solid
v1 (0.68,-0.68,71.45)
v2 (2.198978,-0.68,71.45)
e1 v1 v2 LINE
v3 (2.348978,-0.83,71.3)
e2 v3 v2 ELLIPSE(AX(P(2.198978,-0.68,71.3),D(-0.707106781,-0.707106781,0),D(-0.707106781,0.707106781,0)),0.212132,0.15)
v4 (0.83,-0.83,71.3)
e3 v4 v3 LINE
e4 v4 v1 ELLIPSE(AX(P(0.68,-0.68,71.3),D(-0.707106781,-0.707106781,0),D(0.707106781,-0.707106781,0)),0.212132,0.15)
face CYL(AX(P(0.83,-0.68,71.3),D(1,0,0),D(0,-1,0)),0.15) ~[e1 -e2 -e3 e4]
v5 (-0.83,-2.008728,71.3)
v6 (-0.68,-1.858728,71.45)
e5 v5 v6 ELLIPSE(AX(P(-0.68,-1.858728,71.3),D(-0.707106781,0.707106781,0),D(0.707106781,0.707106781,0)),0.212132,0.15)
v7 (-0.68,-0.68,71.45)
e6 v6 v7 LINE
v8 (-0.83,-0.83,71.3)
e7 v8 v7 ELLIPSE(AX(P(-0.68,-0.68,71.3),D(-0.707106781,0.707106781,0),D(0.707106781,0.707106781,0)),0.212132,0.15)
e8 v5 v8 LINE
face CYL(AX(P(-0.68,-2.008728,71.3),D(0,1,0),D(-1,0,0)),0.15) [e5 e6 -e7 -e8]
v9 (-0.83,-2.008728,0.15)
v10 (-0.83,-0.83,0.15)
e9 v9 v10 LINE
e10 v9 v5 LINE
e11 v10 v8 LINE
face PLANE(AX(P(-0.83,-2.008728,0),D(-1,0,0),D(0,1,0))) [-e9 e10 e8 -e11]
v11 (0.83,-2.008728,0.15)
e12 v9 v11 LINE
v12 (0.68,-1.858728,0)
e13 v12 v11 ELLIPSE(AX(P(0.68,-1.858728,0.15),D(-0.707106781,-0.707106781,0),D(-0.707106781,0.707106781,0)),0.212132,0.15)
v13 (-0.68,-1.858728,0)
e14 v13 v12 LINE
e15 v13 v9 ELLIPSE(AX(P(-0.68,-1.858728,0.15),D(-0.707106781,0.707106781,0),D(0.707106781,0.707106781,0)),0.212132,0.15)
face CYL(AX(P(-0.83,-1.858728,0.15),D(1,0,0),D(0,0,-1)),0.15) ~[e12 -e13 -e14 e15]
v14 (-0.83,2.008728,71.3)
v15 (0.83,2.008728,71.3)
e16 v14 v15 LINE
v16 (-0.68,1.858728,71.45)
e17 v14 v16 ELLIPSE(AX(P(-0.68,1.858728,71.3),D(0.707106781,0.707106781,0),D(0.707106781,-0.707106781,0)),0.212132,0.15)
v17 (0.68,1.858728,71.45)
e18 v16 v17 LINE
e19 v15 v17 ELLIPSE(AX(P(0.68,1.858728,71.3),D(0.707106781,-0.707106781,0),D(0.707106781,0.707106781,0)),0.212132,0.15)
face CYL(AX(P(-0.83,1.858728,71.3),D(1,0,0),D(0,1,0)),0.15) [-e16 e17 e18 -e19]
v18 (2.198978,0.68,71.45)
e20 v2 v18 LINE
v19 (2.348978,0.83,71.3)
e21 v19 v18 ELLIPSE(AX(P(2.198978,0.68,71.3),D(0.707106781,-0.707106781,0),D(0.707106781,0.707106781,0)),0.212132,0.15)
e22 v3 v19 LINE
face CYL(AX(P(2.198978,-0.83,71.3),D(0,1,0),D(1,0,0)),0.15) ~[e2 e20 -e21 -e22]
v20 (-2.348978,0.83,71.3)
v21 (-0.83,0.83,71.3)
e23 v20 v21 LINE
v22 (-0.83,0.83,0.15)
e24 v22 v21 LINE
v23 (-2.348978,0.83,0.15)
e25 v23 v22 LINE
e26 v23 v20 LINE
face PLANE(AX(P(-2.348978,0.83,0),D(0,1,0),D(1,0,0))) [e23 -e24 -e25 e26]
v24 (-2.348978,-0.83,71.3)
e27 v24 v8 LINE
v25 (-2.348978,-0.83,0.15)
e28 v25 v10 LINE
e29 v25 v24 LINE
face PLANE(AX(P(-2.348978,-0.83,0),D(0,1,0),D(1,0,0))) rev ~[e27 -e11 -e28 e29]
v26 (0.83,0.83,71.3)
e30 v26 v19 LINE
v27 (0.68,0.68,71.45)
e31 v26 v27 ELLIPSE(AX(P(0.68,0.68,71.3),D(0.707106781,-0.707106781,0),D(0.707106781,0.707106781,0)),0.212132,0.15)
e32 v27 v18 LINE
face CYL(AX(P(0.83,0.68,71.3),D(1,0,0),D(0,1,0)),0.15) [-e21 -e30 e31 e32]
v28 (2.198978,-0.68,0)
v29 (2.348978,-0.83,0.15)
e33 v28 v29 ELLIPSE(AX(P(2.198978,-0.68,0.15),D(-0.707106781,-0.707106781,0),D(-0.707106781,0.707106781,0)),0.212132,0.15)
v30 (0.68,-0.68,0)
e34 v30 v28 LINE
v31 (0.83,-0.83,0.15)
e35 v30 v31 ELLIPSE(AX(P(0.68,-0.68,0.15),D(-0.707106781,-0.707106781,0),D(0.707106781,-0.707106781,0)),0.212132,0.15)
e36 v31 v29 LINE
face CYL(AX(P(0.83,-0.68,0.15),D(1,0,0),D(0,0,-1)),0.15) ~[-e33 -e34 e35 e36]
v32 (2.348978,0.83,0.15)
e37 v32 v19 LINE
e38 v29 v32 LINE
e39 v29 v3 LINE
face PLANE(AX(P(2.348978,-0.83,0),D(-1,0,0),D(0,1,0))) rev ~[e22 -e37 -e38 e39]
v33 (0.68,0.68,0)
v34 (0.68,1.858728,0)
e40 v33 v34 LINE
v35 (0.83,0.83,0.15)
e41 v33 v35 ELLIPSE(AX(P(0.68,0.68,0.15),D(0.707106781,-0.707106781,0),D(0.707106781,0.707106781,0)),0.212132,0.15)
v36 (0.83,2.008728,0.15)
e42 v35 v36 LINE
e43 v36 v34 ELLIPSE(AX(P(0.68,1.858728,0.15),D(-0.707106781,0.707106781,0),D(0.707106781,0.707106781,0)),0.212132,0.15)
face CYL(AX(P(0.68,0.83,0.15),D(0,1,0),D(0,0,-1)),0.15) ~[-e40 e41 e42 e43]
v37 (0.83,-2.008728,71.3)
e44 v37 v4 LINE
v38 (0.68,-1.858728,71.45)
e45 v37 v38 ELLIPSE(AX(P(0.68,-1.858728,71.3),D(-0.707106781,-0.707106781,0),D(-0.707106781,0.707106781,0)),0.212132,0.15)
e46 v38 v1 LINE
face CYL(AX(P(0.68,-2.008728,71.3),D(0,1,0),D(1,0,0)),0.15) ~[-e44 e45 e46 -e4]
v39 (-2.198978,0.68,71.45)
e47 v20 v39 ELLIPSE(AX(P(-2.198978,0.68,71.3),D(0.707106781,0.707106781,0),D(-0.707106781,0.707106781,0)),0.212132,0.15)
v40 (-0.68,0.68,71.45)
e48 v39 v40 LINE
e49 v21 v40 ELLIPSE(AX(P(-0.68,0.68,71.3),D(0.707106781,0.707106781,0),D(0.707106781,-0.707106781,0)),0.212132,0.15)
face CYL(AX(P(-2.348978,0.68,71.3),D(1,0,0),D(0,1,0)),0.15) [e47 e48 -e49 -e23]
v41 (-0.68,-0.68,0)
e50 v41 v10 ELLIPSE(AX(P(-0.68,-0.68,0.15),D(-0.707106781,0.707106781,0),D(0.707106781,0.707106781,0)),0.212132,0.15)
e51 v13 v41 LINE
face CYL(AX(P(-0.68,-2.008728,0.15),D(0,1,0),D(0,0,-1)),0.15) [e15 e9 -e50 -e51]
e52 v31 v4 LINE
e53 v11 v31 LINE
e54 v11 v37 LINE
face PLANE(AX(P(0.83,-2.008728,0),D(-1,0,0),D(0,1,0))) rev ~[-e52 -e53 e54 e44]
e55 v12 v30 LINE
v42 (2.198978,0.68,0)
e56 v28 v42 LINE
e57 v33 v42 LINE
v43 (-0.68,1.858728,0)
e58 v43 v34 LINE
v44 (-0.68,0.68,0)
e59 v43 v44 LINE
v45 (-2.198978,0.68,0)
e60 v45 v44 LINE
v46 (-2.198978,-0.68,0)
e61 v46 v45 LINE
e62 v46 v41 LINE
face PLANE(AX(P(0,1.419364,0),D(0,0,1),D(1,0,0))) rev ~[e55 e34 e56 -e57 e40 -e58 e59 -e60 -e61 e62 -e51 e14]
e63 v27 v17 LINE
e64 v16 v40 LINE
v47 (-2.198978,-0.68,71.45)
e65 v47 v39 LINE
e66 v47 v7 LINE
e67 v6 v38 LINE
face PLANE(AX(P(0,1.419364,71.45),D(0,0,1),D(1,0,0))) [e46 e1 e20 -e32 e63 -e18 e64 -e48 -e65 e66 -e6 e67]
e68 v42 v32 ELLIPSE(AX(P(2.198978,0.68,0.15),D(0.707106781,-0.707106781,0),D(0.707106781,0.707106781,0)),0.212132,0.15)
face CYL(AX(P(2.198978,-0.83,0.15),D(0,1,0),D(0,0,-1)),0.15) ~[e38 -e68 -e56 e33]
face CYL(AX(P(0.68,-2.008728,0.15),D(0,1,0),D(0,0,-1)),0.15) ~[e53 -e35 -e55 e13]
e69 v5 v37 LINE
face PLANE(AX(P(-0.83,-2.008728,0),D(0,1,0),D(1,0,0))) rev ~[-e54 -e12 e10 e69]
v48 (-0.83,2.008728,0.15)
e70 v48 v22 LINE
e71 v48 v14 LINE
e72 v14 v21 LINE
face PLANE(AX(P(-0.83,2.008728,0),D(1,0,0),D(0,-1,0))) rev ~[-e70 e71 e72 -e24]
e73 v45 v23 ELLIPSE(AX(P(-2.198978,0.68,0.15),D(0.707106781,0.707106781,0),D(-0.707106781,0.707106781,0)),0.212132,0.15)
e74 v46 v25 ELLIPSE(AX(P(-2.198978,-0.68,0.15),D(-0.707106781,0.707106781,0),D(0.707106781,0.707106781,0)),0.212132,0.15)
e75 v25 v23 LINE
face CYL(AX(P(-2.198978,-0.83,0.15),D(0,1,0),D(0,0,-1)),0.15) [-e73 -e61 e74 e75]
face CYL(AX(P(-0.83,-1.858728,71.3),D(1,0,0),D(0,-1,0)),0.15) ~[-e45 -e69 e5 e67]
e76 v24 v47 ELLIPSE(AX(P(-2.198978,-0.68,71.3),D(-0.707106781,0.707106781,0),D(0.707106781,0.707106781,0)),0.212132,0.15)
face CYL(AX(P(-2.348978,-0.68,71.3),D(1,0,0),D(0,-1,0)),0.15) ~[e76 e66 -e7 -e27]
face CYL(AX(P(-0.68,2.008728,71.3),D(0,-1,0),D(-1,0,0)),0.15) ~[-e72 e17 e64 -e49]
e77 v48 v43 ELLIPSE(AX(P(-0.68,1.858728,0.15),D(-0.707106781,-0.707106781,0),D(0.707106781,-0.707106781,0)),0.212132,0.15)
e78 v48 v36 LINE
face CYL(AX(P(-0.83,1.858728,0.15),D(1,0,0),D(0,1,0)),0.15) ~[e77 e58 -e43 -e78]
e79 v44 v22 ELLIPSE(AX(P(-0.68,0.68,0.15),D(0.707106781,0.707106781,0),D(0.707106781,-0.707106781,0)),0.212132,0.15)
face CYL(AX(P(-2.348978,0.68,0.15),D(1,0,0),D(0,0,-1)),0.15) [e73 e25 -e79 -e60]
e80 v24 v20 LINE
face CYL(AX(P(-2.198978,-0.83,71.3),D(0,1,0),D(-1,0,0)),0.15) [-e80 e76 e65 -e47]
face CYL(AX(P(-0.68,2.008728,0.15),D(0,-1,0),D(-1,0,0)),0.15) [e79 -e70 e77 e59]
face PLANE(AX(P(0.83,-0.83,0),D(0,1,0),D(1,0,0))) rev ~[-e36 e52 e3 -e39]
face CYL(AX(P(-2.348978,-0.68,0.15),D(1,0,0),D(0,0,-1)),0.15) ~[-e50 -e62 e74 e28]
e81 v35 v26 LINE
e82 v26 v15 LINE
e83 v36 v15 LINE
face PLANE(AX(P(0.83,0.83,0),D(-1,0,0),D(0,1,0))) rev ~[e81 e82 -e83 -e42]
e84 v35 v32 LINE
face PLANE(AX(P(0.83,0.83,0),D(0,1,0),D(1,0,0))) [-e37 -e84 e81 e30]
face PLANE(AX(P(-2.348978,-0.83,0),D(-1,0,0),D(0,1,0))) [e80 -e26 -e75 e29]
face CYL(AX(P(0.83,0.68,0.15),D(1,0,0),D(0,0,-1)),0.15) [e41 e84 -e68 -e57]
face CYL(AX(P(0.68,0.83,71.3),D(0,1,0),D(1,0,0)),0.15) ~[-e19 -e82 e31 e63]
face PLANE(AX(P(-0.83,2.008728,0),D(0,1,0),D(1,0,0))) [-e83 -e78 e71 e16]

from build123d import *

# Parameters (mm, degrees)
F0_W     = 1.66
F0_H     = 1.1787281516
F0_W_2   = 1.5189777559
F0_H_2   = 1.66
F1_DEPTH = 71.45
F2_R     = 0.15
F3_R     = 0.15


with BuildPart() as f1:
    # F0 (on Top) → F1 (new body)
    with BuildSketch(Plane.XY):
        with Locations((0, 1.4193640758)):
            Rectangle(F0_W, F0_H)
        with Locations((1.5894888779, 0)):
            Rectangle(F0_W_2, F0_H_2)
        Rectangle(F0_W, F0_H_2)
        with Locations((-1.5894888779, 0)):
            Rectangle(F0_W_2, F0_H_2)
        with Locations((0, -1.4193640758)):
            Rectangle(F0_W, F0_H)
    extrude(amount=F1_DEPTH)

    # F2
    f2_edges = [f1.edges().sort_by_distance(p)[0] for p in [
        (-2.348978, 0, 71.45),
        (-1.589489, 0.83, 71.45),
        (-0.83, 1.419364, 71.45),
        (0, 2.008728, 71.45),
        (0.83, 1.419364, 71.45),
        (2.348978, 0, 71.45),
        (1.589489, 0.83, 71.45),
        (1.589489, -0.83, 71.45),
        (0.83, -1.419364, 71.45),
        (0, -2.008728, 71.45),
        (-0.83, -1.419364, 71.45),
        (-1.589489, -0.83, 71.45),
    ]]
    fillet(f2_edges, radius=F2_R)

    # F3
    f3_edges = [f1.edges().sort_by_distance(p)[0] for p in [
        (-1.589489, -0.83, 0),
        (-2.348978, 0, 0),
        (-1.589489, 0.83, 0),
        (-0.83, 1.419364, 0),
        (0, 2.008728, 0),
        (0.83, 1.419364, 0),
        (1.589489, 0.83, 0),
        (2.348978, 0, 0),
        (1.589489, -0.83, 0),
        (0.83, -1.419364, 0),
        (0, -2.008728, 0),
        (-0.83, -1.419364, 0),
    ]]
    fillet(f3_edges, radius=F3_R)


solid = f1.part
